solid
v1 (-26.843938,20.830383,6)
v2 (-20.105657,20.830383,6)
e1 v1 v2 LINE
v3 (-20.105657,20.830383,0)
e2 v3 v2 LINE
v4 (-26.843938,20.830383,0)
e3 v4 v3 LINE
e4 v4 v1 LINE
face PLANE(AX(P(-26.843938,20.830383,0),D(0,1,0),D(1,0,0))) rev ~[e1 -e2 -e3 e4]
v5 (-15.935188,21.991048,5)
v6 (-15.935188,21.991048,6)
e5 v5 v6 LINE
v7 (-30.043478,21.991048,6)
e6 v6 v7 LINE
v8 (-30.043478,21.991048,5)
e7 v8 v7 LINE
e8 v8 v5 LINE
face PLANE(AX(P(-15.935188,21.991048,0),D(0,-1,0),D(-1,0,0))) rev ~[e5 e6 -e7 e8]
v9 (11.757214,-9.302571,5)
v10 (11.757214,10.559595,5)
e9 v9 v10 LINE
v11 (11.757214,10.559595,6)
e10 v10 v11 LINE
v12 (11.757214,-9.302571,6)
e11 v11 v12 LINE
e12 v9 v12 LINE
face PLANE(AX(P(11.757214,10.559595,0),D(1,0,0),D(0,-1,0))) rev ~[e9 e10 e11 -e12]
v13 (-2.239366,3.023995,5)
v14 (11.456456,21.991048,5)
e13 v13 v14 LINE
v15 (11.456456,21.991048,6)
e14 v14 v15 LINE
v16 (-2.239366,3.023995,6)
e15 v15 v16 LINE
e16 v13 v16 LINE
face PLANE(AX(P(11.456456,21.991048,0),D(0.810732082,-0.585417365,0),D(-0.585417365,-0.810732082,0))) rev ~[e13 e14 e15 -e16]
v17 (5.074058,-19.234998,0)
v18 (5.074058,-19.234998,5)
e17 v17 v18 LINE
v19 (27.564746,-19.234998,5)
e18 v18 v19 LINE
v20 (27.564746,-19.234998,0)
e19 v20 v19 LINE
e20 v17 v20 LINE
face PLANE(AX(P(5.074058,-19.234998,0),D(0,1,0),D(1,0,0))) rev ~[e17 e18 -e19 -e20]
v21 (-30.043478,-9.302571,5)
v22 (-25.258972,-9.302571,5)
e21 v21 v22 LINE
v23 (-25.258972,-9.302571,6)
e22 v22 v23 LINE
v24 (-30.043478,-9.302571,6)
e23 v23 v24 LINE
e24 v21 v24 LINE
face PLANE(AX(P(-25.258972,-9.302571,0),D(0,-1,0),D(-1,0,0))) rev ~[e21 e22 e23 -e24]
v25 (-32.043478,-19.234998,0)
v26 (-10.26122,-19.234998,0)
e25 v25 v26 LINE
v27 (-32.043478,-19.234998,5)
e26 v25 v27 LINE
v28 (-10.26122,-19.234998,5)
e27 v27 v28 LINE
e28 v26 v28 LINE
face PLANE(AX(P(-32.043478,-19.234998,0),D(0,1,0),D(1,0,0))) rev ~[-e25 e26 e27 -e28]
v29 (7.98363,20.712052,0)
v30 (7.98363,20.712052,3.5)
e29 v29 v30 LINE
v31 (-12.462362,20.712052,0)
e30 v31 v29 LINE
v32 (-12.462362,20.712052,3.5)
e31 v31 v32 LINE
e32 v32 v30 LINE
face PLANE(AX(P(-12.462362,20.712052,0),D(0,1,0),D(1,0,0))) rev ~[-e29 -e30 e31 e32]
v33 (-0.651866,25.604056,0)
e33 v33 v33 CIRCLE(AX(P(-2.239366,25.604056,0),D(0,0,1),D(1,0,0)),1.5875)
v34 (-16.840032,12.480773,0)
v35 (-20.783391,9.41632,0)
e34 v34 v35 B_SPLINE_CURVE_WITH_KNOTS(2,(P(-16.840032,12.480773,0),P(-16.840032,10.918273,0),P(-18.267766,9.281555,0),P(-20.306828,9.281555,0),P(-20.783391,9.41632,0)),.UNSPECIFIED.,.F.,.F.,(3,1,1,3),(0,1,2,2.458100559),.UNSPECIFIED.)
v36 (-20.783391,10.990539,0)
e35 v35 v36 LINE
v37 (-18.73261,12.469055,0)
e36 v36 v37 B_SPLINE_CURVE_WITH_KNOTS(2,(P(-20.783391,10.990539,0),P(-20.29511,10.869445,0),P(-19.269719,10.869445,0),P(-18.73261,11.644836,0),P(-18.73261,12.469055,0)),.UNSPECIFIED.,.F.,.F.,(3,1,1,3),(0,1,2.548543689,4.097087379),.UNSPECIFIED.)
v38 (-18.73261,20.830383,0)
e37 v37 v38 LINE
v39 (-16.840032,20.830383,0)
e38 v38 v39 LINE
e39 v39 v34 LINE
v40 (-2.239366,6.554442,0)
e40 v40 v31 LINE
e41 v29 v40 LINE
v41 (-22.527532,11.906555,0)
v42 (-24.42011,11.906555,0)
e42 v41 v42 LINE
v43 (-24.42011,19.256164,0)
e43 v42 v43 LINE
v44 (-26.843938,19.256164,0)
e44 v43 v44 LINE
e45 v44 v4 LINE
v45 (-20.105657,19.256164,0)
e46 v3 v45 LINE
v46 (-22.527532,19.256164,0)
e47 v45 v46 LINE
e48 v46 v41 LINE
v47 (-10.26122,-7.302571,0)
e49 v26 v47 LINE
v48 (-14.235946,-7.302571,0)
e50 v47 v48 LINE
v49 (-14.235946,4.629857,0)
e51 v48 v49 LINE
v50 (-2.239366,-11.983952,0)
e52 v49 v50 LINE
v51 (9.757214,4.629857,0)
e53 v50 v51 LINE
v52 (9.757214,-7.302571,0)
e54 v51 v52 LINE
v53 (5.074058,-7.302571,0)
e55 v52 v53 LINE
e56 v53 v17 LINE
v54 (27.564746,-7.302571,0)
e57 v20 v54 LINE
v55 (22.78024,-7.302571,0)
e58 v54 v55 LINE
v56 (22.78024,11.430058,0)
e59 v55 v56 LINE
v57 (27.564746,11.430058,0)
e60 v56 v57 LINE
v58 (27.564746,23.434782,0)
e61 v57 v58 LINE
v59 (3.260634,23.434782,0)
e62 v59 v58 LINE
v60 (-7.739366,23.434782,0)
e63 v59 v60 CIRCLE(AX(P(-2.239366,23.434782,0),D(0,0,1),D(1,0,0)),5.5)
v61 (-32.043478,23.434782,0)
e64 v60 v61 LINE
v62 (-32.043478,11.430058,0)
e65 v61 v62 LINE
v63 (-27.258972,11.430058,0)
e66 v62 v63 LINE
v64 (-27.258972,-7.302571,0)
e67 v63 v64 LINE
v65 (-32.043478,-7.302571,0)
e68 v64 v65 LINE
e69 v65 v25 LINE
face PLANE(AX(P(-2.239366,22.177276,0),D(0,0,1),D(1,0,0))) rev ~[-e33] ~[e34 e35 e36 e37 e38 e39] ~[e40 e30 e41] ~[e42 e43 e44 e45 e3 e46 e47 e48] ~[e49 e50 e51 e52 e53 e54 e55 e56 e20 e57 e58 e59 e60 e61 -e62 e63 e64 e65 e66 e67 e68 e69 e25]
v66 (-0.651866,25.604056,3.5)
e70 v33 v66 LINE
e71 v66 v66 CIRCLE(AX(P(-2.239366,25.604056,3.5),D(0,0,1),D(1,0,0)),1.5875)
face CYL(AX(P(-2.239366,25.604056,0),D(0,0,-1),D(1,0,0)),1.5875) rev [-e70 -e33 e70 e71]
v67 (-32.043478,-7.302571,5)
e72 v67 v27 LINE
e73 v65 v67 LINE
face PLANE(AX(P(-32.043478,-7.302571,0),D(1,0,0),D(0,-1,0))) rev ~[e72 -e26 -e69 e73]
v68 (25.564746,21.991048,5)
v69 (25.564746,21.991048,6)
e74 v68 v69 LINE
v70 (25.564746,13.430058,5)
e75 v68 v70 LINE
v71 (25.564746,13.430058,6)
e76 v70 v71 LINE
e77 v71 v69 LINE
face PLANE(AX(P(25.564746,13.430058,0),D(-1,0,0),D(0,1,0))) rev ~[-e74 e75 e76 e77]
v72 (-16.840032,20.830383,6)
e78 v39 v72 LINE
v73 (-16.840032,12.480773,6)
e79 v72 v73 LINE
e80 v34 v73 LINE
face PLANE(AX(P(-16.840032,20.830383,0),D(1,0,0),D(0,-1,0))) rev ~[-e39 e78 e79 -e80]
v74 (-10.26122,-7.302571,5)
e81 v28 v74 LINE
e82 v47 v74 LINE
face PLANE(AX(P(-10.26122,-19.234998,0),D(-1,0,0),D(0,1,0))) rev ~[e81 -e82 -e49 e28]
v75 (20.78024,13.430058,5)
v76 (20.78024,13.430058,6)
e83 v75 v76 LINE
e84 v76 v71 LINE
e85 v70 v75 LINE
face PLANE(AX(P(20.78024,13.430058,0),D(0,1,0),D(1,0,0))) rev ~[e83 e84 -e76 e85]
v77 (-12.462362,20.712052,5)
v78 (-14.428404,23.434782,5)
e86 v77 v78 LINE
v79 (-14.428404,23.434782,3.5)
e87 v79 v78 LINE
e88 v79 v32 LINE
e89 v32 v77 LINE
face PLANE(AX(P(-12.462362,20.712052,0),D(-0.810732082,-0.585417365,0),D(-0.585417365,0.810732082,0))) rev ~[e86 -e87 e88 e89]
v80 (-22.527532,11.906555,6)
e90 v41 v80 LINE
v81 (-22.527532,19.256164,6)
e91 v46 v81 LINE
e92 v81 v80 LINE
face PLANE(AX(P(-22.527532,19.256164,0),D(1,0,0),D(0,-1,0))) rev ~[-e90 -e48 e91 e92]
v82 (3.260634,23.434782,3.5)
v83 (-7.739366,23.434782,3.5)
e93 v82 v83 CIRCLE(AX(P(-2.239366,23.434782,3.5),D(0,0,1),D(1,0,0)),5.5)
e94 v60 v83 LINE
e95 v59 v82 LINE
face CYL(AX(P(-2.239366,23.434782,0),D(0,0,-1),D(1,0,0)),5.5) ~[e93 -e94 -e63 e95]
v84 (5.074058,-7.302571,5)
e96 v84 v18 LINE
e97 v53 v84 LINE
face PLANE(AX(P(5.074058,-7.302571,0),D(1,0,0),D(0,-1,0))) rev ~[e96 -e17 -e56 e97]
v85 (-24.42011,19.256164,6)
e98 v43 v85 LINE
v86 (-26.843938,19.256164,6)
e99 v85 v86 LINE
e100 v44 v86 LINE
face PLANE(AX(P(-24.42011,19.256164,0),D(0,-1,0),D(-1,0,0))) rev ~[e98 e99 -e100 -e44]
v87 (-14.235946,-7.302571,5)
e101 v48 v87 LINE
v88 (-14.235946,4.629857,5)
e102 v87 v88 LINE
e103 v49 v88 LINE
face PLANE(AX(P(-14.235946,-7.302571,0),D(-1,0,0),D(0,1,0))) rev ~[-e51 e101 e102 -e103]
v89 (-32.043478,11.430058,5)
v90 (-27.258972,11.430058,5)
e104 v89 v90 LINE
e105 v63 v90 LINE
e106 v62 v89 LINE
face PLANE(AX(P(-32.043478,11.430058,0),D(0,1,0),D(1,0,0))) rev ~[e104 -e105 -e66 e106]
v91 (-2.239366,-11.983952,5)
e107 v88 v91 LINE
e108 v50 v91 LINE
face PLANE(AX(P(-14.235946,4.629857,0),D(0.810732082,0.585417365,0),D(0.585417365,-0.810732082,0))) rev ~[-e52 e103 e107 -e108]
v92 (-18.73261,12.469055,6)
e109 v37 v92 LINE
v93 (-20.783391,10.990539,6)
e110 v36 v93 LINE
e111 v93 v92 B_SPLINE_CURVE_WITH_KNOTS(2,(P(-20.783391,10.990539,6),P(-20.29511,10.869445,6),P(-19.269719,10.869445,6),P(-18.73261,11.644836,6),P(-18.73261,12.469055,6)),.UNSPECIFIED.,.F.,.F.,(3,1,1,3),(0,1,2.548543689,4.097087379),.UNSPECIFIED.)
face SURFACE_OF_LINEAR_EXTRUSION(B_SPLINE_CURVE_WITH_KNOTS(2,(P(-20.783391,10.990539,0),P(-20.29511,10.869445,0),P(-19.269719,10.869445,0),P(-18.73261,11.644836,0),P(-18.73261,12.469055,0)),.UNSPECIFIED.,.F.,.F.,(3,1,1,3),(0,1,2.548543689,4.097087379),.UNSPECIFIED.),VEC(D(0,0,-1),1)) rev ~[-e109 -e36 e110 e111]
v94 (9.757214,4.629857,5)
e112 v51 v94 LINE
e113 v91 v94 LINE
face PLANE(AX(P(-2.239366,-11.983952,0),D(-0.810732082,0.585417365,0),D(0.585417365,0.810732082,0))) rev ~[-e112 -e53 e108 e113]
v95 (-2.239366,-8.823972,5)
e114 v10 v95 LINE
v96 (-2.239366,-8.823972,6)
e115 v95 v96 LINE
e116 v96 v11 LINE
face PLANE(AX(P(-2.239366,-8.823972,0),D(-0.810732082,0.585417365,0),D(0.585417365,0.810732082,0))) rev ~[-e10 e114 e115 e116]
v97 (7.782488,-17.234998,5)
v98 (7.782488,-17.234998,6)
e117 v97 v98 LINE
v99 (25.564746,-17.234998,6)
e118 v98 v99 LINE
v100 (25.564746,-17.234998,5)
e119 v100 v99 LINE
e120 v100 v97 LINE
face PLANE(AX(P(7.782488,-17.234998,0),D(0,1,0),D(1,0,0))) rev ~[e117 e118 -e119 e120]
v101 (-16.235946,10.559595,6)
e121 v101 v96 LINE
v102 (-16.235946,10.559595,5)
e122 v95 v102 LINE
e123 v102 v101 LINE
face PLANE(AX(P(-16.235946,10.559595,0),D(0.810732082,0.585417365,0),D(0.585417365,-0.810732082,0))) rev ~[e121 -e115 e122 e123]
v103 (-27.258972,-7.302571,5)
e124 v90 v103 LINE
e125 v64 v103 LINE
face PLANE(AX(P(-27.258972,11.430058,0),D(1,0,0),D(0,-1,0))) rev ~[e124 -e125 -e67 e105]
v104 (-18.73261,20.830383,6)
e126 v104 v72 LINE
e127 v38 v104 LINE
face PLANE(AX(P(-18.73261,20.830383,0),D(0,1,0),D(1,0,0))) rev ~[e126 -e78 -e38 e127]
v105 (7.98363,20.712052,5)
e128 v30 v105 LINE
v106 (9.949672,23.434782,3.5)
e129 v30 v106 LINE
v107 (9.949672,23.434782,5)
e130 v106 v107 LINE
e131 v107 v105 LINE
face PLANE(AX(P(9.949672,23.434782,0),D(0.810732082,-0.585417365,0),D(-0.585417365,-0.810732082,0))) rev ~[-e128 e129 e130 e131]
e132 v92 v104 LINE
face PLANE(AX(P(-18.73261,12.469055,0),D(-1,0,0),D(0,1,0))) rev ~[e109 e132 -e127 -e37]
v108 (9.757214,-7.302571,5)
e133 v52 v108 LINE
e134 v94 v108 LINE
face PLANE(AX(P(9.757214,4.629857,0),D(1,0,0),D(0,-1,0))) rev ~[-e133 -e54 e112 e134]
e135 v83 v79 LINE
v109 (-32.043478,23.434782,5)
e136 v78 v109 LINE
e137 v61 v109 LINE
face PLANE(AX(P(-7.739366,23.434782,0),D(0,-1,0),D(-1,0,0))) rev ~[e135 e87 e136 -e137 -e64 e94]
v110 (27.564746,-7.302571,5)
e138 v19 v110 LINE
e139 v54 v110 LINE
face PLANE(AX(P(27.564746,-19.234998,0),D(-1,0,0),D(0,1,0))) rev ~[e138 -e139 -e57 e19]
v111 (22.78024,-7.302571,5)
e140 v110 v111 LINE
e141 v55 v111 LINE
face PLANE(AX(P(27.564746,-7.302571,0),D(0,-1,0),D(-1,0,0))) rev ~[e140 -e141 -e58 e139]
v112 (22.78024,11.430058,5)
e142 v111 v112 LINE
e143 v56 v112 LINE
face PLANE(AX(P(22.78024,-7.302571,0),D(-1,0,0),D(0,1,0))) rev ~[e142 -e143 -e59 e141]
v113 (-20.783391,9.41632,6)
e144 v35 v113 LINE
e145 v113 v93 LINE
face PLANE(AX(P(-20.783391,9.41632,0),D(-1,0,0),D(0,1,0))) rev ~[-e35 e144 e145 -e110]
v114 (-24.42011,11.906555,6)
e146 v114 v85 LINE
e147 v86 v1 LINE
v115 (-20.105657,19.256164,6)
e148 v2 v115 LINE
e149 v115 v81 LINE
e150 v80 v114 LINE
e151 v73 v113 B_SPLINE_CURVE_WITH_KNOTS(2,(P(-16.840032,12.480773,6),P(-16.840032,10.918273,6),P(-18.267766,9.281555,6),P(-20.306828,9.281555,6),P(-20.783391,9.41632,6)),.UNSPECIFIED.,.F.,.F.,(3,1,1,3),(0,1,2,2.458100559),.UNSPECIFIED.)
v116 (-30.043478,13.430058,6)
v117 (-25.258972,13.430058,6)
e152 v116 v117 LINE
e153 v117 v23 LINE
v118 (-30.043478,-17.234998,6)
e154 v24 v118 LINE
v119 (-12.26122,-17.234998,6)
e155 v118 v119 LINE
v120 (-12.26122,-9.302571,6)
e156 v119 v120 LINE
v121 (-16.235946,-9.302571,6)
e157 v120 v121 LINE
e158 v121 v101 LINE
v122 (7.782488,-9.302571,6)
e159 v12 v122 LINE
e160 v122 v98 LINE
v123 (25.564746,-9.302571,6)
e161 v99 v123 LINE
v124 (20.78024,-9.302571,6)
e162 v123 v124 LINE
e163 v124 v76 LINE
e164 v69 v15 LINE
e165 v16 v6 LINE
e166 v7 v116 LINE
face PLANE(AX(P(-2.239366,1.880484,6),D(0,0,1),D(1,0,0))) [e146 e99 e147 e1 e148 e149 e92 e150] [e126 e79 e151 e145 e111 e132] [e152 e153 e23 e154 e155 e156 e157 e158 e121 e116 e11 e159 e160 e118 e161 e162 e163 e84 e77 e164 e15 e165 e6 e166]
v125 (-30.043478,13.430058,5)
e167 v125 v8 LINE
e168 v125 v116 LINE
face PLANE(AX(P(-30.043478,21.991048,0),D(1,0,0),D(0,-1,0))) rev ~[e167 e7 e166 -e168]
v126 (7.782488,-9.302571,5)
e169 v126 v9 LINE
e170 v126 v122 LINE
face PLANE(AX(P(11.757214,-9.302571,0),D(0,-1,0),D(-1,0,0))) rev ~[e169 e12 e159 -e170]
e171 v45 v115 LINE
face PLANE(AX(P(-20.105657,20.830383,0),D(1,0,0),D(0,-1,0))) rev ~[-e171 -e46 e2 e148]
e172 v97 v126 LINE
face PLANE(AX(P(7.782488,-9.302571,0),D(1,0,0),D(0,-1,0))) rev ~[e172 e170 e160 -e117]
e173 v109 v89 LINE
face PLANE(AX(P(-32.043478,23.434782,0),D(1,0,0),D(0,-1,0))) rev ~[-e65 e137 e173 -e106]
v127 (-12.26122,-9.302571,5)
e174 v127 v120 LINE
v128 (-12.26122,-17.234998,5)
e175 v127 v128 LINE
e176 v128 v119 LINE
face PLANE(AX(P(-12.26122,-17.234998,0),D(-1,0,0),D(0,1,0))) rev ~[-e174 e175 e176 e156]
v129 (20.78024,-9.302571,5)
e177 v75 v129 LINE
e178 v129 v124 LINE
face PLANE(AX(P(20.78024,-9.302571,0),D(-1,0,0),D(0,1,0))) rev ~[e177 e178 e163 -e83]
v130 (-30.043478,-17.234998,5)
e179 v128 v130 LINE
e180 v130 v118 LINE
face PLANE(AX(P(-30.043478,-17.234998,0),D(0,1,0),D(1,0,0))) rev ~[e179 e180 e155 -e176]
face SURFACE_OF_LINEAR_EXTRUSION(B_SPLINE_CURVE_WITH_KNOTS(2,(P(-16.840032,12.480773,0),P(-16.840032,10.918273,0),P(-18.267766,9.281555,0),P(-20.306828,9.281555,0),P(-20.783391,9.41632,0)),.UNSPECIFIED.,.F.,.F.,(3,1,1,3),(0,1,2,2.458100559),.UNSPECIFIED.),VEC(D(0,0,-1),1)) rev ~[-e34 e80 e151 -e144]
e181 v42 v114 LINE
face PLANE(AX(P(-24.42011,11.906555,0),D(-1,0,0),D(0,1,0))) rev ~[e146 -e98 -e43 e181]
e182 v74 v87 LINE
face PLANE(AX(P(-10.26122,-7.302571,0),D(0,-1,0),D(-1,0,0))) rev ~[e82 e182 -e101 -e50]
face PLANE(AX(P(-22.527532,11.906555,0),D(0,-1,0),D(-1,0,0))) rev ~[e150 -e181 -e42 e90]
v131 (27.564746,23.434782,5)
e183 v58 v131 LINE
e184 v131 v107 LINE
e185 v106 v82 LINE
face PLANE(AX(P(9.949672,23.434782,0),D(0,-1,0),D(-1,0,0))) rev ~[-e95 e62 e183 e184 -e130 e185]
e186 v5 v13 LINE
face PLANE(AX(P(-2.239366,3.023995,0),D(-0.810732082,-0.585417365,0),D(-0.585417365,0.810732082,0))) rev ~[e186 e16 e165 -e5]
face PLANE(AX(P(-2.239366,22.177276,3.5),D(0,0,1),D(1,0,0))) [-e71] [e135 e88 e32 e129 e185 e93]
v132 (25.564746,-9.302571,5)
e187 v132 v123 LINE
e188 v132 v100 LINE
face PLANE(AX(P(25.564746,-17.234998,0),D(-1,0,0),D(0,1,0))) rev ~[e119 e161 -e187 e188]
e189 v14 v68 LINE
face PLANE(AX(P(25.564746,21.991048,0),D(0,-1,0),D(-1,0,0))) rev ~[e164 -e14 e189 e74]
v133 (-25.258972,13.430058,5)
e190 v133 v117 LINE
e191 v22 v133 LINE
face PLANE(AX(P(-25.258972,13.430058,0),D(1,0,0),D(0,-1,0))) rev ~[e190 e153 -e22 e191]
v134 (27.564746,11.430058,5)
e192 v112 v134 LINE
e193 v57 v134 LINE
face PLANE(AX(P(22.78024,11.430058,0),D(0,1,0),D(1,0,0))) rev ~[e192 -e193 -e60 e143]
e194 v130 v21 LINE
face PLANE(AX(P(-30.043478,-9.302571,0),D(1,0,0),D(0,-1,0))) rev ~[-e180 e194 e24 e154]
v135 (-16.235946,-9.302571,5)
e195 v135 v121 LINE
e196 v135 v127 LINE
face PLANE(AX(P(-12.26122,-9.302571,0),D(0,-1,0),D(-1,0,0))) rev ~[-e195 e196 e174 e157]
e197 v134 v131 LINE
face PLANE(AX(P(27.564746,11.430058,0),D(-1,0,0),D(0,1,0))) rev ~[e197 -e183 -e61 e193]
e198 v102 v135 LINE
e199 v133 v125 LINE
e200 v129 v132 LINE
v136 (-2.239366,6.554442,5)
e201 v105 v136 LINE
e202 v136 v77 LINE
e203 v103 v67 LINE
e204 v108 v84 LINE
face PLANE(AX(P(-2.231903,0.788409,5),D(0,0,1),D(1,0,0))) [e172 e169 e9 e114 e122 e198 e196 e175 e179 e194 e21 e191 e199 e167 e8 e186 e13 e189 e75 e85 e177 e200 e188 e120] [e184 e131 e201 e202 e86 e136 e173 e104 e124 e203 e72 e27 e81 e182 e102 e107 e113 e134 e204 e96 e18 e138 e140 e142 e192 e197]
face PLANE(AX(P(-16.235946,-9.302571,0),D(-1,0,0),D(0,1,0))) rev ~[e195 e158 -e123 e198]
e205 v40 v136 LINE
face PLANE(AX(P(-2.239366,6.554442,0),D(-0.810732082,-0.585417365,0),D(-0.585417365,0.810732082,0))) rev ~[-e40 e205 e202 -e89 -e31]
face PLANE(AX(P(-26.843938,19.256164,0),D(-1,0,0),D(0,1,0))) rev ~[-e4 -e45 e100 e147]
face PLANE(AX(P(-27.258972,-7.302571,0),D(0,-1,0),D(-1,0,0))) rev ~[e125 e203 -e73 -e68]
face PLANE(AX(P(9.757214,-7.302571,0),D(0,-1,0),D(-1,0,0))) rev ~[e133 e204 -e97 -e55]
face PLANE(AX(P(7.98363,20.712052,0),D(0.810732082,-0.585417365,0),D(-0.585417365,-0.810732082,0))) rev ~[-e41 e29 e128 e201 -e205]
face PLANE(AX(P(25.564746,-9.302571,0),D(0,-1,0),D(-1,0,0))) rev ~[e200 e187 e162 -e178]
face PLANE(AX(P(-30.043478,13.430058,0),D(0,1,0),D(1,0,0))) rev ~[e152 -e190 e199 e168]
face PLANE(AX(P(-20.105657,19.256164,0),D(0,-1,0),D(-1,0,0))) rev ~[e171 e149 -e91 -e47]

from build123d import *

# Parameters (mm, degrees)
F1_DEPTH = 6
F2_DEPTH = 5
F0_R     = 1.5875
F3_DEPTH = 3.5


with BuildPart() as f1:
    # F0 (on Top) → F1 (new body)
    with BuildSketch(Plane.XY):
        Polygon((-15.9351881593, 21.9910480082), (-30.0434779789, 21.9910480082), (-30.0434779789, 13.430057697), (-25.258971706, 13.430057697), (-25.258971706, -9.3025706224), (-30.0434779789, -9.3025706224), (-30.0434779789, -17.2349981517), (-12.261220109, -17.2349981517), (-12.261220109, -9.3025706224), (-16.2359463498, -9.3025706224), (-16.2359463498, 10.55959519), (-2.239366062, -8.8239717362), (11.7572142258, 10.55959519), (11.7572142258, -9.3025706224), (7.782487985, -9.3025706224), (7.782487985, -17.2349981517), (25.5647458549, -17.2349981517), (25.5647458549, -9.3025706224), (20.7802395821, -9.3025706224), (20.7802395821, 13.430057697), (25.5647458549, 13.430057697), (25.5647458549, 21.9910480082), (11.4564560354, 21.9910480082), (-2.239366062, 3.0239947156), align=None)
        Polygon((-22.5275315528, 19.25616391), (-22.5275315528, 11.906554535), (-24.4201096778, 11.906554535), (-24.4201096778, 19.25616391), (-26.8439378028, 19.25616391), (-26.8439378028, 20.83038266), (-20.1056565528, 20.83038266), (-20.1056565528, 19.25616391), align=None, mode=Mode.SUBTRACT)
        with BuildLine():
            add(Edge.make_bspline(
                [(-17.5538987403, 10.09991391), (-18.2677659278, 9.281554535), (-19.6662034278, 9.281554535)],
                knots=[0, 0, 0, 1, 1, 1], degree=2))
            add(Edge.make_bspline(
                [(-19.6662034278, 9.281554535), (-20.3068284278, 9.281554535), (-20.7833909278, 9.41632016)],
                knots=[0, 0, 0, 1, 1, 1], degree=2))
            Line((-20.7833909278, 9.41632016), (-20.7833909278, 10.99053891))
            add(Edge.make_bspline(
                [(-20.7833909278, 10.99053891), (-20.2951096778, 10.86944516), (-19.8927659278, 10.86944516)],
                knots=[0, 0, 0, 1, 1, 1], degree=2))
            add(Edge.make_bspline(
                [(-19.8927659278, 10.86944516), (-19.2697190528, 10.86944516), (-19.0011643653, 11.2571404725)],
                knots=[0, 0, 0, 1, 1, 1], degree=2))
            add(Edge.make_bspline(
                [(-19.0011643653, 11.2571404725), (-18.7326096778, 11.644835785), (-18.7326096778, 12.469054535)],
                knots=[0, 0, 0, 1, 1, 1], degree=2))
            Line((-18.7326096778, 12.469054535), (-18.7326096778, 20.83038266))
            Line((-18.7326096778, 20.83038266), (-16.8400315528, 20.83038266))
            Line((-16.8400315528, 20.83038266), (-16.8400315528, 12.480773285))
            add(Edge.make_bspline(
                [(-16.8400315528, 12.480773285), (-16.8400315528, 10.918273285), (-17.5538987403, 10.09991391)],
                knots=[0, 0, 0, 1, 1, 1], degree=2))
        make_face(mode=Mode.SUBTRACT)
    extrude(amount=F1_DEPTH)

    # F0 (on Top) → F2 (join)
    with BuildSketch(Plane.XY):
        Polygon((-32.0434779789, 23.4347821093), (-32.0434779789, 11.430057697), (-27.258971706, 11.430057697), (-27.258971706, -7.3025706224), (-32.0434779789, -7.3025706224), (-32.0434779789, -19.2349981517), (-10.261220109, -19.2349981517), (-10.261220109, -7.3025706224), (-14.2359463498, -7.3025706224), (-14.2359463498, 4.6298569068), (-2.239366062, -11.9839524746), (9.7572142258, 4.6298569068), (9.7572142258, -7.3025706224), (5.0740577281, -7.3025706224), (5.0740577281, -19.2349981517), (27.5647458549, -19.2349981517), (27.5647458549, -7.3025706224), (22.7802395821, -7.3025706224), (22.7802395821, 11.430057697), (27.5647458549, 11.430057697), (27.5647458549, 23.4347821093), (9.9496720359, 23.4347821093), (7.983629638, 20.712051727), (-2.239366062, 6.5544419922), (-12.462361762, 20.712051727), (-14.4284041598, 23.4347821093), align=None)
        Polygon((-30.0434779789, 13.430057697), (-30.0434779789, 21.9910480082), (-15.9351881593, 21.9910480082), (-2.239366062, 3.0239947156), (11.4564560354, 21.9910480082), (25.5647458549, 21.9910480082), (25.5647458549, 13.430057697), (20.7802395821, 13.430057697), (20.7802395821, -9.3025706224), (25.5647458549, -9.3025706224), (25.5647458549, -17.2349981517), (7.782487985, -17.2349981517), (7.782487985, -9.3025706224), (11.7572142258, -9.3025706224), (11.7572142258, 10.55959519), (-2.239366062, -8.8239717362), (-16.2359463498, 10.55959519), (-16.2359463498, -9.3025706224), (-12.261220109, -9.3025706224), (-12.261220109, -17.2349981517), (-30.0434779789, -17.2349981517), (-30.0434779789, -9.3025706224), (-25.258971706, -9.3025706224), (-25.258971706, 13.430057697), align=None, mode=Mode.SUBTRACT)
    extrude(amount=F2_DEPTH)

    # F0 (on Top) → F3 (join)
    with BuildSketch(Plane.XY):
        Polygon((-7.739366062, 23.4347821093), (-14.4284041598, 23.4347821093), (-12.462361762, 20.712051727), (7.983629638, 20.712051727), (9.9496720359, 23.4347821093), (3.260633938, 23.4347821093), align=None)
        with BuildLine():
            ThreePointArc((3.260633938, 23.4347821093), (-2.239366062, 28.9347821093), (-7.739366062, 23.4347821093))
            Line((-7.739366062, 23.4347821093), (3.260633938, 23.4347821093))
        make_face()
        with Locations((-2.239366062, 25.6040561944)):
            Circle(F0_R, mode=Mode.SUBTRACT)
    extrude(amount=F3_DEPTH)


solid = f1.part
